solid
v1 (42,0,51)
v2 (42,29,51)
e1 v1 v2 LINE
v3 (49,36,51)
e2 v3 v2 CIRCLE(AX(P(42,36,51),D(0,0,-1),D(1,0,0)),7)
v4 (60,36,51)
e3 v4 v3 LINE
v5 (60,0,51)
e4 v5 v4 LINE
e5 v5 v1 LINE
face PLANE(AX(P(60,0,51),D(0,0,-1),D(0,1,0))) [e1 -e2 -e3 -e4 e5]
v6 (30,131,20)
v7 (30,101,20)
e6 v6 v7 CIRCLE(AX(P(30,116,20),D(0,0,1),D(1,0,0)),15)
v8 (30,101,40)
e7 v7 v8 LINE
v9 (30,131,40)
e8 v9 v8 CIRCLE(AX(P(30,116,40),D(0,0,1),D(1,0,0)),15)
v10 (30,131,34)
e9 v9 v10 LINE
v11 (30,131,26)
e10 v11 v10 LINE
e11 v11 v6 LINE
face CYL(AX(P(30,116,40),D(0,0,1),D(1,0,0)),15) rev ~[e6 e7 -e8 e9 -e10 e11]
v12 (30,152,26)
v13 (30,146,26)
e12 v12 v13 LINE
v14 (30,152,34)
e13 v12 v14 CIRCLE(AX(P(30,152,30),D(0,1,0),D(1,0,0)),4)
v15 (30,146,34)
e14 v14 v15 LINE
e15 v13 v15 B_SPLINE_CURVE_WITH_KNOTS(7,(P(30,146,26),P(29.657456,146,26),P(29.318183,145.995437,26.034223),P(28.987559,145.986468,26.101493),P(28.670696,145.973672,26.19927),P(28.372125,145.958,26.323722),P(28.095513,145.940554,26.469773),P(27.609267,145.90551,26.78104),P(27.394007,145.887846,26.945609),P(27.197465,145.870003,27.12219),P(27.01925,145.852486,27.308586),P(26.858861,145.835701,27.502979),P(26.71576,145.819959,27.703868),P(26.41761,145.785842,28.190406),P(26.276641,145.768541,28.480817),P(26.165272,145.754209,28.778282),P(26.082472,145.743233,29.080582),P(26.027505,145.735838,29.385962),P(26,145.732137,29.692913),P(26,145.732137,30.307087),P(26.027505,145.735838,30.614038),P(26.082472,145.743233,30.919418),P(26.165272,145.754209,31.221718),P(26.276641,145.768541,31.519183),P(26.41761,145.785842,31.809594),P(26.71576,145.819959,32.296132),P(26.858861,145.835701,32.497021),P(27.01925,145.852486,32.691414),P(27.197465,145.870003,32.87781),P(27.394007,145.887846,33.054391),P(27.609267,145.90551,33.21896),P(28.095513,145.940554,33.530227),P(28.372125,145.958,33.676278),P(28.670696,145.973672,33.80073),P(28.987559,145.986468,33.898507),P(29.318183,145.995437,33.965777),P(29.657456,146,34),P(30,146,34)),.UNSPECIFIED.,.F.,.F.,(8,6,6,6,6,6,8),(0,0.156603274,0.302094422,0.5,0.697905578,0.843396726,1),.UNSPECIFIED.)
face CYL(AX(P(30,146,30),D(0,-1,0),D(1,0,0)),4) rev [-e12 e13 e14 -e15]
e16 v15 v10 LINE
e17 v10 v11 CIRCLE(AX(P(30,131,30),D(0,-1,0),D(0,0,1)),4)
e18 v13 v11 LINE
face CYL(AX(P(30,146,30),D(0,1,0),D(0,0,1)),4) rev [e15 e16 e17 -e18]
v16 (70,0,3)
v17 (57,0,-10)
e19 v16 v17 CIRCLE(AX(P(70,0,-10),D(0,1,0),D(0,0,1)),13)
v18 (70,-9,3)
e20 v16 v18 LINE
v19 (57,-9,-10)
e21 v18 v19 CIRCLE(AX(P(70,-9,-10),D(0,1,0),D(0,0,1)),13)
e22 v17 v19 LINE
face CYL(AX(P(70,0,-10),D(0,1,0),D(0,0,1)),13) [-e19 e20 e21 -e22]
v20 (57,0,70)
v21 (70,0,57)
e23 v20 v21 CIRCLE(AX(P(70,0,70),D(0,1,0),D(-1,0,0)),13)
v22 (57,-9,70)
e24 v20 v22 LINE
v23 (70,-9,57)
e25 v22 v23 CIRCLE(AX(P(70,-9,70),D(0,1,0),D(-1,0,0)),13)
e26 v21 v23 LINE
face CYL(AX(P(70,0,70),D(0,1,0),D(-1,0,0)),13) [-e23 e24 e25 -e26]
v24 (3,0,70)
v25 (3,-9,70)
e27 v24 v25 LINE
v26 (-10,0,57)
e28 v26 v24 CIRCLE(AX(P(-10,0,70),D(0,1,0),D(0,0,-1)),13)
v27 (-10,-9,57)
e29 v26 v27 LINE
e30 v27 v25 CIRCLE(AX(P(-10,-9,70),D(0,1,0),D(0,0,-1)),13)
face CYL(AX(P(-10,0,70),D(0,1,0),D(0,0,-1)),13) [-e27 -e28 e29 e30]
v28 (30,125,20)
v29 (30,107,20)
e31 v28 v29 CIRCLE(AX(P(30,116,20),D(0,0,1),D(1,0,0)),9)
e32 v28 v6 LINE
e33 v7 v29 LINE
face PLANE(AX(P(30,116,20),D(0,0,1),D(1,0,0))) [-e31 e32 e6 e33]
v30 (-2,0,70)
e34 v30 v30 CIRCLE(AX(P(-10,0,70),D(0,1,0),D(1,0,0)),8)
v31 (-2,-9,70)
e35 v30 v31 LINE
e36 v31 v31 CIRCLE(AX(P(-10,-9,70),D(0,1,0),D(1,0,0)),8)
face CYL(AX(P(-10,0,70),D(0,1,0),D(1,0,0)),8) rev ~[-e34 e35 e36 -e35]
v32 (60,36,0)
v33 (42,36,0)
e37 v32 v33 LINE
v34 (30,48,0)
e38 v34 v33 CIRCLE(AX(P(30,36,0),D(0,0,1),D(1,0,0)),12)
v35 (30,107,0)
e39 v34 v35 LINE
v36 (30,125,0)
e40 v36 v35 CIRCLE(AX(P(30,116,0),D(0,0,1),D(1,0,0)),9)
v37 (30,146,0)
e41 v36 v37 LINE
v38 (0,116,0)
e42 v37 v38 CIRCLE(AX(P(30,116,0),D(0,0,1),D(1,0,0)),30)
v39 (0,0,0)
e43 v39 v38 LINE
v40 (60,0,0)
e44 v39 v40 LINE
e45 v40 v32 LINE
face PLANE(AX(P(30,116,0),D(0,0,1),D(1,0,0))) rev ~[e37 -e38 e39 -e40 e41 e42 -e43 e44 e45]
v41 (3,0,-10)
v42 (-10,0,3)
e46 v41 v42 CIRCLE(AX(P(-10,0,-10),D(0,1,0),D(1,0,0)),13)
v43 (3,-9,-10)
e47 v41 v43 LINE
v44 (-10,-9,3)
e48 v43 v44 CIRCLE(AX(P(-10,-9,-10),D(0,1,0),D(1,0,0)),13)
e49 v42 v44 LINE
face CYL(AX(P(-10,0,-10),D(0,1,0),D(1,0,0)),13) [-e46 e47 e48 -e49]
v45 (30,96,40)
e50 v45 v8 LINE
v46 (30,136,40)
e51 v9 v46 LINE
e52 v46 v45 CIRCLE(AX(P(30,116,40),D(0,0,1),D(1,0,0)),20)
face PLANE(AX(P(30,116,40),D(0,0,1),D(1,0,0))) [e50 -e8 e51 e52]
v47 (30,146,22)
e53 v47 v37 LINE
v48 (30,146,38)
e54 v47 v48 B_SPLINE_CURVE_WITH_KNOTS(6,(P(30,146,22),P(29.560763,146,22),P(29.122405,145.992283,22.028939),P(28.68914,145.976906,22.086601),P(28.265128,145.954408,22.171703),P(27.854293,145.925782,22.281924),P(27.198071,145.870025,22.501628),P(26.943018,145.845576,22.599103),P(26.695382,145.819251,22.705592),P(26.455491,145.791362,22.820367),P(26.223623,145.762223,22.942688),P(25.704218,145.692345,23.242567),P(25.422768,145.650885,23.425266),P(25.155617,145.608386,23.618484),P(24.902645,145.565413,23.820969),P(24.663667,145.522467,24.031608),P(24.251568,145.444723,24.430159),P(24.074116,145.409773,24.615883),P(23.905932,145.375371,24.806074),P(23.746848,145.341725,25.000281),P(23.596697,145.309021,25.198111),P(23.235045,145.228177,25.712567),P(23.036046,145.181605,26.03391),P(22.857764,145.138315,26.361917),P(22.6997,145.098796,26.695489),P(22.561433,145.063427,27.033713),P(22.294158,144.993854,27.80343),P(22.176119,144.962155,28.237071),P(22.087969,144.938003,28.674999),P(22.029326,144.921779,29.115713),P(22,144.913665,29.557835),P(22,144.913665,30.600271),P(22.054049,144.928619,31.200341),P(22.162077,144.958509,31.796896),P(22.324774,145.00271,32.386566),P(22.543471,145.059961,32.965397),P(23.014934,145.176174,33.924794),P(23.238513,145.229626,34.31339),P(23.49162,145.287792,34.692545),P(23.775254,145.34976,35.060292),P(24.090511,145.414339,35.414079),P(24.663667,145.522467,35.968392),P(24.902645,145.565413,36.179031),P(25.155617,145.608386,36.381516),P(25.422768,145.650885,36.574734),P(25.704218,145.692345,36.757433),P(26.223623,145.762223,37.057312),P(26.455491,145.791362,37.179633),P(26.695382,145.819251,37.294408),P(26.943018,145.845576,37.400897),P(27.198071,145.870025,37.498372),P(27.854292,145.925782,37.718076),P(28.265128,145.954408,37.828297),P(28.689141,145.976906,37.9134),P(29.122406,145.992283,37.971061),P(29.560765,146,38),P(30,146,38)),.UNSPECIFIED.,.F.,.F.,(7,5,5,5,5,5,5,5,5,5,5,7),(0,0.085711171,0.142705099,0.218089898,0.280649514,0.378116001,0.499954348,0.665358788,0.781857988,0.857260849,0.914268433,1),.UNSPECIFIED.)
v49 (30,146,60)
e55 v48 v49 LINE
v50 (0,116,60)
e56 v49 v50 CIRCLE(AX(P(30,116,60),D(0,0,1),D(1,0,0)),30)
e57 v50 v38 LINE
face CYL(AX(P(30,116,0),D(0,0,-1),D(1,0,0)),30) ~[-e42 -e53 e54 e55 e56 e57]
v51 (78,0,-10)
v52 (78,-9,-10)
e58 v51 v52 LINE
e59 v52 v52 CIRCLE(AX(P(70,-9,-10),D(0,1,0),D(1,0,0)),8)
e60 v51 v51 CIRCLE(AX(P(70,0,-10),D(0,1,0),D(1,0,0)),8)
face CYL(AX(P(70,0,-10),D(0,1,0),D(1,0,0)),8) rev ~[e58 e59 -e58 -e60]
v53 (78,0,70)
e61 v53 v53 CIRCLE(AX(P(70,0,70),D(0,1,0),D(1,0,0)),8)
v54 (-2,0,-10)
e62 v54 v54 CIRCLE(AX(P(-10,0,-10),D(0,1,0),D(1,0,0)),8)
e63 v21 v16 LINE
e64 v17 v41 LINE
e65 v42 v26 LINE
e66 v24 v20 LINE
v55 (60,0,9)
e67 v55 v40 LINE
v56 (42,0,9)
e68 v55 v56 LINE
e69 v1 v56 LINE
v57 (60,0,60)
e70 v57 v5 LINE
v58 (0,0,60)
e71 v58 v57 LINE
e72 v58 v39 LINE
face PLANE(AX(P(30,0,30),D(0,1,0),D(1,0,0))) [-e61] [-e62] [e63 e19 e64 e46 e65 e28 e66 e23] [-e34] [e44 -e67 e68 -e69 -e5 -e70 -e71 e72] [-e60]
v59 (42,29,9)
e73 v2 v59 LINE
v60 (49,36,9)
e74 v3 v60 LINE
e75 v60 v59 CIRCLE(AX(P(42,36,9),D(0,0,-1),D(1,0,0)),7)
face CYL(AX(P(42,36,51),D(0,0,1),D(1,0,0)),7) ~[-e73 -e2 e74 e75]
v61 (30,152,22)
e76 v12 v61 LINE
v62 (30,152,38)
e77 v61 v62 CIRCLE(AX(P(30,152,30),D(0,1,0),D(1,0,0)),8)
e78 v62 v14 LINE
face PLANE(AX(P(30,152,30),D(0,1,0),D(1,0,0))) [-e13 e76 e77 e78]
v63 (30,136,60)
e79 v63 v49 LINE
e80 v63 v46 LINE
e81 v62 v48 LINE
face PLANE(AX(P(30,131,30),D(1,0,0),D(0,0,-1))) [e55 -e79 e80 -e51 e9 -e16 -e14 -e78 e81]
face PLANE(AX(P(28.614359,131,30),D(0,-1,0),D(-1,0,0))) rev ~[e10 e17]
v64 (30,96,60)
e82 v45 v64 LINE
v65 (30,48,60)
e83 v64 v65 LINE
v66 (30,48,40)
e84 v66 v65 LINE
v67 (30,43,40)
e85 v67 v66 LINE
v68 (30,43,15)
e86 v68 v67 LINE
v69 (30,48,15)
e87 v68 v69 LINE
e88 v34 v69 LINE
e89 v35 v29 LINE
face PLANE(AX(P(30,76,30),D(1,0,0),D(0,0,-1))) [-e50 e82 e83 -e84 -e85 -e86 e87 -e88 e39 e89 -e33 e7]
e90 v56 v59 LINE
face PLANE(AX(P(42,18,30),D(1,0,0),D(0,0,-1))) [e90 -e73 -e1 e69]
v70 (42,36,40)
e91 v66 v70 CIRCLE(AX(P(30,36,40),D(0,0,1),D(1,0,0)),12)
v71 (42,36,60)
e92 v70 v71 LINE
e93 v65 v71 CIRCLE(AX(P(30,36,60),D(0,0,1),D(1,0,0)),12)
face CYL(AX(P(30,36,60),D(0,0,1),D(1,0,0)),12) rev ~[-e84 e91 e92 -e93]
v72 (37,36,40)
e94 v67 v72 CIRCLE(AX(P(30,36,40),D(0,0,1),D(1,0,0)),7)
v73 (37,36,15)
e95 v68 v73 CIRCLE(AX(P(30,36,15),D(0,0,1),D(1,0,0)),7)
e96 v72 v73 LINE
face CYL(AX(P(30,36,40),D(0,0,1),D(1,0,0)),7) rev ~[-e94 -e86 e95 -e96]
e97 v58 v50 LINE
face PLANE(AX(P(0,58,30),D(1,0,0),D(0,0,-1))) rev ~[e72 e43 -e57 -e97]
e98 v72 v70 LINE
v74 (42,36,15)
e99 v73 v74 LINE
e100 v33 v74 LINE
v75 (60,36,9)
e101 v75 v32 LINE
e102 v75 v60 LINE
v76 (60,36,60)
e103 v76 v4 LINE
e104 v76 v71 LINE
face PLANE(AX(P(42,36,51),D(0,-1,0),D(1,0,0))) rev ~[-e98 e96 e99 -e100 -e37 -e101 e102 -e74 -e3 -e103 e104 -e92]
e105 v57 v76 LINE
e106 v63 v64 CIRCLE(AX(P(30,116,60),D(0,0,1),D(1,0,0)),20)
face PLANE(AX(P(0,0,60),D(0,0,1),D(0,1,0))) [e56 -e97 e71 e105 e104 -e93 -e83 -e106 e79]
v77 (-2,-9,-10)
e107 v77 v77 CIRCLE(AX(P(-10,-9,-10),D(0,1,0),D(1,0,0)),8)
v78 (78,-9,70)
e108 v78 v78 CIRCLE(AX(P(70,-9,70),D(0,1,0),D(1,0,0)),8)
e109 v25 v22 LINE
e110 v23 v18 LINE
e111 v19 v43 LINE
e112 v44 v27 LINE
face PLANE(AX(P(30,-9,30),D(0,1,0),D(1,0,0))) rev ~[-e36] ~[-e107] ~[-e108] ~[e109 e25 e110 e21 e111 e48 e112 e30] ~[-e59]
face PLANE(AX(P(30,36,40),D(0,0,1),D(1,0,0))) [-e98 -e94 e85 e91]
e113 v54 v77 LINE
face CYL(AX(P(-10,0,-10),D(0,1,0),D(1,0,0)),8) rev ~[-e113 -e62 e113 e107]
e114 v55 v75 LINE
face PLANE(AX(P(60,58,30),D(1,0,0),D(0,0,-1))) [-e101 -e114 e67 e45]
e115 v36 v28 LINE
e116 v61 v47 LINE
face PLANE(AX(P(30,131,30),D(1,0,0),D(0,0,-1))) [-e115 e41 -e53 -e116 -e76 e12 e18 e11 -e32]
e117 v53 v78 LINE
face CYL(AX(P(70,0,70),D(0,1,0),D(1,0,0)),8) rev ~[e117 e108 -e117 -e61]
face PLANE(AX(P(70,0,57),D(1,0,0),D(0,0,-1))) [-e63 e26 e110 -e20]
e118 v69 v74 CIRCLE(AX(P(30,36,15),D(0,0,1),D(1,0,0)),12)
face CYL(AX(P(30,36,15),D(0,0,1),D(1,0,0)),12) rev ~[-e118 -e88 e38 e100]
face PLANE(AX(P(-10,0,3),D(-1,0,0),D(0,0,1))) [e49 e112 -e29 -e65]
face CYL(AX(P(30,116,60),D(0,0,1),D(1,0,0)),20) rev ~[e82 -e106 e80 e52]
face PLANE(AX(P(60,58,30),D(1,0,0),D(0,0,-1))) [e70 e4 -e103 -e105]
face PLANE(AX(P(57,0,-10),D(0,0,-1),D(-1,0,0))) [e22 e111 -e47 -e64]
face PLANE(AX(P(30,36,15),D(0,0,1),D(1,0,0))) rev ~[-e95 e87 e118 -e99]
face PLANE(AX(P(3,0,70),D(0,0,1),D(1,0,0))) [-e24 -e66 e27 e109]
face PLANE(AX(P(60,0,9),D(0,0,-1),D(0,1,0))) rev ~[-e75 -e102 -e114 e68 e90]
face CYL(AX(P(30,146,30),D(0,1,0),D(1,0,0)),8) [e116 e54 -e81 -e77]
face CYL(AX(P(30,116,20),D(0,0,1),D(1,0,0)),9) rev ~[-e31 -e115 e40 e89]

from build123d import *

# Parameters (mm, degrees)
IZIM1_W                          = 60
IZIM1_H                          = 116
Y_KSEKLIK_EKSTR_ZYON1_DEPTH      = 60
IZIM2_R                          = 8
Y_KSEKLIK_EKSTR_ZYON2_DEPTH      = 9
IZIM3_R                          = 30
Y_KSEKLIK_EKSTR_ZYON3_DEPTH      = 60
IZIM4_R                          = 20
KES_EKSTR_ZYON1_DEPTH            = 20
IZIM5_R                          = 15
KES_EKSTR_ZYON2_DEPTH            = 20
IZIM6_R                          = 9
KES_EKSTR_ZYON3_DEPTH            = 20
IZIM7_R                          = 12
KES_EKSTR_ZYON4_DEPTH            = 20
IZIM8_R                          = 7
KES_EKSTR_ZYON5_DEPTH            = 25
IZIM9_R                          = 12
KES_EKSTR_ZYON6_DEPTH            = 15
KES_EKSTR_ZYON8_DEPTH            = 30
IZIM13_W                         = 60
IZIM13_H                         = 30
KES_EKSTR_ZYON9_DEPTH            = 30
IZIM14_R                         = 8
IZIM14_R_2                       = 4
Y_KSEKLIK_EKSTR_ZYON5_DEPTH      = 6
Y_KSEKLIK_EKSTR_ZYON5_DEPTH_BACK = 15
IZIM16_W                         = 8
IZIM16_H                         = 21
KES_EKSTR_ZYON10_DEPTH           = 57
KES_EKSTR_ZYON12_DEPTH           = 15
IZIM18_W                         = 42
IZIM18_H                         = 36
KES_EKSTR_ZYON13_DEPTH           = 18
Y_KSEKLIK_EKSTR_ZYON7_DEPTH      = 42


with BuildPart() as part:
    # Çizim1 → Yükseklik-Ekstrüzyon1 (new body)
    with BuildSketch(Plane(origin=(0, 0, 0), x_dir=(0, 0, -1), z_dir=(1, 0, 0))):
        with Locations((-30, 58)):
            Rectangle(IZIM1_W, IZIM1_H)
    extrude(amount=Y_KSEKLIK_EKSTR_ZYON1_DEPTH)

    # Çizim2 → Yükseklik-Ekstrüzyon2 (add)
    with BuildSketch(Plane(origin=(0, 0, 0), x_dir=(1, 0, 0), z_dir=(0, 1, 0))):
        with BuildLine():
            Line((57, 10), (3, 10))
            ThreePointArc((3, 10), (-19.192388155, 19.192388155), (-10, -3))
            Line((-10, -3), (-10, -57))
            ThreePointArc((-10, -57), (-19.192388155, -79.192388155), (3, -70))
            Line((3, -70), (57, -70))
            ThreePointArc((57, -70), (79.192388155, -79.192388155), (70, -57))
            Line((70, -57), (70, -3))
            ThreePointArc((70, -3), (79.192388155, 19.192388155), (57, 10))
        make_face()
        with Locations((-10, 10)):
            Circle(IZIM2_R, mode=Mode.SUBTRACT)
        with Locations((-10, -70)):
            Circle(IZIM2_R, mode=Mode.SUBTRACT)
        with Locations((70, -70)):
            Circle(IZIM2_R, mode=Mode.SUBTRACT)
        with Locations((70, 10)):
            Circle(IZIM2_R, mode=Mode.SUBTRACT)
    extrude(amount=-Y_KSEKLIK_EKSTR_ZYON2_DEPTH)

    # Çizim3 → Yükseklik-Ekstrüzyon3 (add)
    with BuildSketch(Plane.XY):
        with Locations((30, 116)):
            Circle(IZIM3_R)
    extrude(amount=Y_KSEKLIK_EKSTR_ZYON3_DEPTH)

    # Çizim4 → Kes-Ekstrüzyon1 (cut)
    with BuildSketch(Plane.XY.offset(60)):
        with Locations((30, 116)):
            Circle(IZIM4_R)
    extrude(amount=-KES_EKSTR_ZYON1_DEPTH, mode=Mode.SUBTRACT)

    # Çizim5 → Kes-Ekstrüzyon2 (cut)
    with BuildSketch(Plane.XY.offset(40)):
        with Locations((30, 116)):
            Circle(IZIM5_R)
    extrude(amount=-KES_EKSTR_ZYON2_DEPTH, mode=Mode.SUBTRACT)

    # Çizim6 → Kes-Ekstrüzyon3 (cut)
    with BuildSketch(Plane.XY.offset(20)):
        with Locations((30, 116)):
            Circle(IZIM6_R)
    extrude(amount=-KES_EKSTR_ZYON3_DEPTH, mode=Mode.SUBTRACT)

    # Çizim7 → Kes-Ekstrüzyon4 (cut)
    with BuildSketch(Plane.XY.offset(60)):
        with Locations((30, 36)):
            Circle(IZIM7_R)
    extrude(amount=-KES_EKSTR_ZYON4_DEPTH, mode=Mode.SUBTRACT)

    # Çizim8 → Kes-Ekstrüzyon5 (cut)
    with BuildSketch(Plane.XY.offset(40)):
        with Locations((30, 36)):
            Circle(IZIM8_R)
    extrude(amount=-KES_EKSTR_ZYON5_DEPTH, mode=Mode.SUBTRACT)

    # Çizim9 → Kes-Ekstrüzyon6 (cut)
    with BuildSketch(Plane.XY.offset(15)):
        with Locations((30, 36)):
            Circle(IZIM9_R)
    extrude(amount=-KES_EKSTR_ZYON6_DEPTH, mode=Mode.SUBTRACT)

    # Çizim10 → Kes-Ekstrüzyon8 (cut)
    with BuildSketch(Plane(origin=(60, 0, 0), x_dir=(0, 0, -1), z_dir=(1, 0, 0))):
        Polygon((-60, 116), (-60, 36), (-51, 36), (-9, 36), (0, 36), (0, 116), align=None)
    extrude(amount=-KES_EKSTR_ZYON8_DEPTH, mode=Mode.SUBTRACT)

    # Çizim13 → Kes-Ekstrüzyon9 (cut)
    with BuildSketch(Plane(origin=(30, 0, 0), x_dir=(0, 0, -1), z_dir=(1, 0, 0))):
        with Locations((-30, 131)):
            Rectangle(IZIM13_W, IZIM13_H)
    extrude(amount=KES_EKSTR_ZYON9_DEPTH, mode=Mode.SUBTRACT)

    # Çizim14 → Yükseklik-Ekstrüzyon5 (add, two sides)
    with BuildSketch(Plane(origin=(0, 146, 0), x_dir=(1, 0, 0), z_dir=(0, 1, 0))) as y_kseklik_ekstr_zyon5_sk:
        with Locations((30, -30)):
            Circle(IZIM14_R)
        with Locations((30, -30)):
            Circle(IZIM14_R_2, mode=Mode.SUBTRACT)
    extrude(amount=Y_KSEKLIK_EKSTR_ZYON5_DEPTH)
    extrude(y_kseklik_ekstr_zyon5_sk.sketch, amount=-Y_KSEKLIK_EKSTR_ZYON5_DEPTH_BACK)

    # Çizim16 → Kes-Ekstrüzyon10 (cut)
    with BuildSketch(Plane.XY.offset(46)):
        with Locations((34, 141.5)):
            Rectangle(IZIM16_W, IZIM16_H)
    extrude(amount=-KES_EKSTR_ZYON10_DEPTH, mode=Mode.SUBTRACT)

    # Çizim17 → Kes-Ekstrüzyon12 (cut)
    with BuildSketch(Plane(origin=(0, 146, 0), x_dir=(1, 0, 0), z_dir=(0, 1, 0))):
        with BuildLine():
            Line((30, -26), (30, -34))
            ThreePointArc((30, -34), (26, -30), (30, -26))
        make_face()
    extrude(amount=-KES_EKSTR_ZYON12_DEPTH, mode=Mode.SUBTRACT)

    # Çizim18 → Kes-Ekstrüzyon13 (cut)
    with BuildSketch(Plane(origin=(60, 0, 0), x_dir=(0, 0, -1), z_dir=(1, 0, 0))):
        with Locations((-30, 18)):
            Rectangle(IZIM18_W, IZIM18_H)
    extrude(amount=-KES_EKSTR_ZYON13_DEPTH, mode=Mode.SUBTRACT)

    # Çizim21 → Yükseklik-Ekstrüzyon7 (add)
    with BuildSketch(Plane(origin=(0, 0, 51), x_dir=(-1, 0, 0), z_dir=(0, 0, -1))):
        with BuildLine():
            Line((-42, 29), (-42, 36))
            Line((-42, 36), (-49, 36))
            ThreePointArc((-49, 36), (-46.949747468, 31.050252532), (-42, 29))
        make_face()
    extrude(amount=Y_KSEKLIK_EKSTR_ZYON7_DEPTH)


solid = part.part
